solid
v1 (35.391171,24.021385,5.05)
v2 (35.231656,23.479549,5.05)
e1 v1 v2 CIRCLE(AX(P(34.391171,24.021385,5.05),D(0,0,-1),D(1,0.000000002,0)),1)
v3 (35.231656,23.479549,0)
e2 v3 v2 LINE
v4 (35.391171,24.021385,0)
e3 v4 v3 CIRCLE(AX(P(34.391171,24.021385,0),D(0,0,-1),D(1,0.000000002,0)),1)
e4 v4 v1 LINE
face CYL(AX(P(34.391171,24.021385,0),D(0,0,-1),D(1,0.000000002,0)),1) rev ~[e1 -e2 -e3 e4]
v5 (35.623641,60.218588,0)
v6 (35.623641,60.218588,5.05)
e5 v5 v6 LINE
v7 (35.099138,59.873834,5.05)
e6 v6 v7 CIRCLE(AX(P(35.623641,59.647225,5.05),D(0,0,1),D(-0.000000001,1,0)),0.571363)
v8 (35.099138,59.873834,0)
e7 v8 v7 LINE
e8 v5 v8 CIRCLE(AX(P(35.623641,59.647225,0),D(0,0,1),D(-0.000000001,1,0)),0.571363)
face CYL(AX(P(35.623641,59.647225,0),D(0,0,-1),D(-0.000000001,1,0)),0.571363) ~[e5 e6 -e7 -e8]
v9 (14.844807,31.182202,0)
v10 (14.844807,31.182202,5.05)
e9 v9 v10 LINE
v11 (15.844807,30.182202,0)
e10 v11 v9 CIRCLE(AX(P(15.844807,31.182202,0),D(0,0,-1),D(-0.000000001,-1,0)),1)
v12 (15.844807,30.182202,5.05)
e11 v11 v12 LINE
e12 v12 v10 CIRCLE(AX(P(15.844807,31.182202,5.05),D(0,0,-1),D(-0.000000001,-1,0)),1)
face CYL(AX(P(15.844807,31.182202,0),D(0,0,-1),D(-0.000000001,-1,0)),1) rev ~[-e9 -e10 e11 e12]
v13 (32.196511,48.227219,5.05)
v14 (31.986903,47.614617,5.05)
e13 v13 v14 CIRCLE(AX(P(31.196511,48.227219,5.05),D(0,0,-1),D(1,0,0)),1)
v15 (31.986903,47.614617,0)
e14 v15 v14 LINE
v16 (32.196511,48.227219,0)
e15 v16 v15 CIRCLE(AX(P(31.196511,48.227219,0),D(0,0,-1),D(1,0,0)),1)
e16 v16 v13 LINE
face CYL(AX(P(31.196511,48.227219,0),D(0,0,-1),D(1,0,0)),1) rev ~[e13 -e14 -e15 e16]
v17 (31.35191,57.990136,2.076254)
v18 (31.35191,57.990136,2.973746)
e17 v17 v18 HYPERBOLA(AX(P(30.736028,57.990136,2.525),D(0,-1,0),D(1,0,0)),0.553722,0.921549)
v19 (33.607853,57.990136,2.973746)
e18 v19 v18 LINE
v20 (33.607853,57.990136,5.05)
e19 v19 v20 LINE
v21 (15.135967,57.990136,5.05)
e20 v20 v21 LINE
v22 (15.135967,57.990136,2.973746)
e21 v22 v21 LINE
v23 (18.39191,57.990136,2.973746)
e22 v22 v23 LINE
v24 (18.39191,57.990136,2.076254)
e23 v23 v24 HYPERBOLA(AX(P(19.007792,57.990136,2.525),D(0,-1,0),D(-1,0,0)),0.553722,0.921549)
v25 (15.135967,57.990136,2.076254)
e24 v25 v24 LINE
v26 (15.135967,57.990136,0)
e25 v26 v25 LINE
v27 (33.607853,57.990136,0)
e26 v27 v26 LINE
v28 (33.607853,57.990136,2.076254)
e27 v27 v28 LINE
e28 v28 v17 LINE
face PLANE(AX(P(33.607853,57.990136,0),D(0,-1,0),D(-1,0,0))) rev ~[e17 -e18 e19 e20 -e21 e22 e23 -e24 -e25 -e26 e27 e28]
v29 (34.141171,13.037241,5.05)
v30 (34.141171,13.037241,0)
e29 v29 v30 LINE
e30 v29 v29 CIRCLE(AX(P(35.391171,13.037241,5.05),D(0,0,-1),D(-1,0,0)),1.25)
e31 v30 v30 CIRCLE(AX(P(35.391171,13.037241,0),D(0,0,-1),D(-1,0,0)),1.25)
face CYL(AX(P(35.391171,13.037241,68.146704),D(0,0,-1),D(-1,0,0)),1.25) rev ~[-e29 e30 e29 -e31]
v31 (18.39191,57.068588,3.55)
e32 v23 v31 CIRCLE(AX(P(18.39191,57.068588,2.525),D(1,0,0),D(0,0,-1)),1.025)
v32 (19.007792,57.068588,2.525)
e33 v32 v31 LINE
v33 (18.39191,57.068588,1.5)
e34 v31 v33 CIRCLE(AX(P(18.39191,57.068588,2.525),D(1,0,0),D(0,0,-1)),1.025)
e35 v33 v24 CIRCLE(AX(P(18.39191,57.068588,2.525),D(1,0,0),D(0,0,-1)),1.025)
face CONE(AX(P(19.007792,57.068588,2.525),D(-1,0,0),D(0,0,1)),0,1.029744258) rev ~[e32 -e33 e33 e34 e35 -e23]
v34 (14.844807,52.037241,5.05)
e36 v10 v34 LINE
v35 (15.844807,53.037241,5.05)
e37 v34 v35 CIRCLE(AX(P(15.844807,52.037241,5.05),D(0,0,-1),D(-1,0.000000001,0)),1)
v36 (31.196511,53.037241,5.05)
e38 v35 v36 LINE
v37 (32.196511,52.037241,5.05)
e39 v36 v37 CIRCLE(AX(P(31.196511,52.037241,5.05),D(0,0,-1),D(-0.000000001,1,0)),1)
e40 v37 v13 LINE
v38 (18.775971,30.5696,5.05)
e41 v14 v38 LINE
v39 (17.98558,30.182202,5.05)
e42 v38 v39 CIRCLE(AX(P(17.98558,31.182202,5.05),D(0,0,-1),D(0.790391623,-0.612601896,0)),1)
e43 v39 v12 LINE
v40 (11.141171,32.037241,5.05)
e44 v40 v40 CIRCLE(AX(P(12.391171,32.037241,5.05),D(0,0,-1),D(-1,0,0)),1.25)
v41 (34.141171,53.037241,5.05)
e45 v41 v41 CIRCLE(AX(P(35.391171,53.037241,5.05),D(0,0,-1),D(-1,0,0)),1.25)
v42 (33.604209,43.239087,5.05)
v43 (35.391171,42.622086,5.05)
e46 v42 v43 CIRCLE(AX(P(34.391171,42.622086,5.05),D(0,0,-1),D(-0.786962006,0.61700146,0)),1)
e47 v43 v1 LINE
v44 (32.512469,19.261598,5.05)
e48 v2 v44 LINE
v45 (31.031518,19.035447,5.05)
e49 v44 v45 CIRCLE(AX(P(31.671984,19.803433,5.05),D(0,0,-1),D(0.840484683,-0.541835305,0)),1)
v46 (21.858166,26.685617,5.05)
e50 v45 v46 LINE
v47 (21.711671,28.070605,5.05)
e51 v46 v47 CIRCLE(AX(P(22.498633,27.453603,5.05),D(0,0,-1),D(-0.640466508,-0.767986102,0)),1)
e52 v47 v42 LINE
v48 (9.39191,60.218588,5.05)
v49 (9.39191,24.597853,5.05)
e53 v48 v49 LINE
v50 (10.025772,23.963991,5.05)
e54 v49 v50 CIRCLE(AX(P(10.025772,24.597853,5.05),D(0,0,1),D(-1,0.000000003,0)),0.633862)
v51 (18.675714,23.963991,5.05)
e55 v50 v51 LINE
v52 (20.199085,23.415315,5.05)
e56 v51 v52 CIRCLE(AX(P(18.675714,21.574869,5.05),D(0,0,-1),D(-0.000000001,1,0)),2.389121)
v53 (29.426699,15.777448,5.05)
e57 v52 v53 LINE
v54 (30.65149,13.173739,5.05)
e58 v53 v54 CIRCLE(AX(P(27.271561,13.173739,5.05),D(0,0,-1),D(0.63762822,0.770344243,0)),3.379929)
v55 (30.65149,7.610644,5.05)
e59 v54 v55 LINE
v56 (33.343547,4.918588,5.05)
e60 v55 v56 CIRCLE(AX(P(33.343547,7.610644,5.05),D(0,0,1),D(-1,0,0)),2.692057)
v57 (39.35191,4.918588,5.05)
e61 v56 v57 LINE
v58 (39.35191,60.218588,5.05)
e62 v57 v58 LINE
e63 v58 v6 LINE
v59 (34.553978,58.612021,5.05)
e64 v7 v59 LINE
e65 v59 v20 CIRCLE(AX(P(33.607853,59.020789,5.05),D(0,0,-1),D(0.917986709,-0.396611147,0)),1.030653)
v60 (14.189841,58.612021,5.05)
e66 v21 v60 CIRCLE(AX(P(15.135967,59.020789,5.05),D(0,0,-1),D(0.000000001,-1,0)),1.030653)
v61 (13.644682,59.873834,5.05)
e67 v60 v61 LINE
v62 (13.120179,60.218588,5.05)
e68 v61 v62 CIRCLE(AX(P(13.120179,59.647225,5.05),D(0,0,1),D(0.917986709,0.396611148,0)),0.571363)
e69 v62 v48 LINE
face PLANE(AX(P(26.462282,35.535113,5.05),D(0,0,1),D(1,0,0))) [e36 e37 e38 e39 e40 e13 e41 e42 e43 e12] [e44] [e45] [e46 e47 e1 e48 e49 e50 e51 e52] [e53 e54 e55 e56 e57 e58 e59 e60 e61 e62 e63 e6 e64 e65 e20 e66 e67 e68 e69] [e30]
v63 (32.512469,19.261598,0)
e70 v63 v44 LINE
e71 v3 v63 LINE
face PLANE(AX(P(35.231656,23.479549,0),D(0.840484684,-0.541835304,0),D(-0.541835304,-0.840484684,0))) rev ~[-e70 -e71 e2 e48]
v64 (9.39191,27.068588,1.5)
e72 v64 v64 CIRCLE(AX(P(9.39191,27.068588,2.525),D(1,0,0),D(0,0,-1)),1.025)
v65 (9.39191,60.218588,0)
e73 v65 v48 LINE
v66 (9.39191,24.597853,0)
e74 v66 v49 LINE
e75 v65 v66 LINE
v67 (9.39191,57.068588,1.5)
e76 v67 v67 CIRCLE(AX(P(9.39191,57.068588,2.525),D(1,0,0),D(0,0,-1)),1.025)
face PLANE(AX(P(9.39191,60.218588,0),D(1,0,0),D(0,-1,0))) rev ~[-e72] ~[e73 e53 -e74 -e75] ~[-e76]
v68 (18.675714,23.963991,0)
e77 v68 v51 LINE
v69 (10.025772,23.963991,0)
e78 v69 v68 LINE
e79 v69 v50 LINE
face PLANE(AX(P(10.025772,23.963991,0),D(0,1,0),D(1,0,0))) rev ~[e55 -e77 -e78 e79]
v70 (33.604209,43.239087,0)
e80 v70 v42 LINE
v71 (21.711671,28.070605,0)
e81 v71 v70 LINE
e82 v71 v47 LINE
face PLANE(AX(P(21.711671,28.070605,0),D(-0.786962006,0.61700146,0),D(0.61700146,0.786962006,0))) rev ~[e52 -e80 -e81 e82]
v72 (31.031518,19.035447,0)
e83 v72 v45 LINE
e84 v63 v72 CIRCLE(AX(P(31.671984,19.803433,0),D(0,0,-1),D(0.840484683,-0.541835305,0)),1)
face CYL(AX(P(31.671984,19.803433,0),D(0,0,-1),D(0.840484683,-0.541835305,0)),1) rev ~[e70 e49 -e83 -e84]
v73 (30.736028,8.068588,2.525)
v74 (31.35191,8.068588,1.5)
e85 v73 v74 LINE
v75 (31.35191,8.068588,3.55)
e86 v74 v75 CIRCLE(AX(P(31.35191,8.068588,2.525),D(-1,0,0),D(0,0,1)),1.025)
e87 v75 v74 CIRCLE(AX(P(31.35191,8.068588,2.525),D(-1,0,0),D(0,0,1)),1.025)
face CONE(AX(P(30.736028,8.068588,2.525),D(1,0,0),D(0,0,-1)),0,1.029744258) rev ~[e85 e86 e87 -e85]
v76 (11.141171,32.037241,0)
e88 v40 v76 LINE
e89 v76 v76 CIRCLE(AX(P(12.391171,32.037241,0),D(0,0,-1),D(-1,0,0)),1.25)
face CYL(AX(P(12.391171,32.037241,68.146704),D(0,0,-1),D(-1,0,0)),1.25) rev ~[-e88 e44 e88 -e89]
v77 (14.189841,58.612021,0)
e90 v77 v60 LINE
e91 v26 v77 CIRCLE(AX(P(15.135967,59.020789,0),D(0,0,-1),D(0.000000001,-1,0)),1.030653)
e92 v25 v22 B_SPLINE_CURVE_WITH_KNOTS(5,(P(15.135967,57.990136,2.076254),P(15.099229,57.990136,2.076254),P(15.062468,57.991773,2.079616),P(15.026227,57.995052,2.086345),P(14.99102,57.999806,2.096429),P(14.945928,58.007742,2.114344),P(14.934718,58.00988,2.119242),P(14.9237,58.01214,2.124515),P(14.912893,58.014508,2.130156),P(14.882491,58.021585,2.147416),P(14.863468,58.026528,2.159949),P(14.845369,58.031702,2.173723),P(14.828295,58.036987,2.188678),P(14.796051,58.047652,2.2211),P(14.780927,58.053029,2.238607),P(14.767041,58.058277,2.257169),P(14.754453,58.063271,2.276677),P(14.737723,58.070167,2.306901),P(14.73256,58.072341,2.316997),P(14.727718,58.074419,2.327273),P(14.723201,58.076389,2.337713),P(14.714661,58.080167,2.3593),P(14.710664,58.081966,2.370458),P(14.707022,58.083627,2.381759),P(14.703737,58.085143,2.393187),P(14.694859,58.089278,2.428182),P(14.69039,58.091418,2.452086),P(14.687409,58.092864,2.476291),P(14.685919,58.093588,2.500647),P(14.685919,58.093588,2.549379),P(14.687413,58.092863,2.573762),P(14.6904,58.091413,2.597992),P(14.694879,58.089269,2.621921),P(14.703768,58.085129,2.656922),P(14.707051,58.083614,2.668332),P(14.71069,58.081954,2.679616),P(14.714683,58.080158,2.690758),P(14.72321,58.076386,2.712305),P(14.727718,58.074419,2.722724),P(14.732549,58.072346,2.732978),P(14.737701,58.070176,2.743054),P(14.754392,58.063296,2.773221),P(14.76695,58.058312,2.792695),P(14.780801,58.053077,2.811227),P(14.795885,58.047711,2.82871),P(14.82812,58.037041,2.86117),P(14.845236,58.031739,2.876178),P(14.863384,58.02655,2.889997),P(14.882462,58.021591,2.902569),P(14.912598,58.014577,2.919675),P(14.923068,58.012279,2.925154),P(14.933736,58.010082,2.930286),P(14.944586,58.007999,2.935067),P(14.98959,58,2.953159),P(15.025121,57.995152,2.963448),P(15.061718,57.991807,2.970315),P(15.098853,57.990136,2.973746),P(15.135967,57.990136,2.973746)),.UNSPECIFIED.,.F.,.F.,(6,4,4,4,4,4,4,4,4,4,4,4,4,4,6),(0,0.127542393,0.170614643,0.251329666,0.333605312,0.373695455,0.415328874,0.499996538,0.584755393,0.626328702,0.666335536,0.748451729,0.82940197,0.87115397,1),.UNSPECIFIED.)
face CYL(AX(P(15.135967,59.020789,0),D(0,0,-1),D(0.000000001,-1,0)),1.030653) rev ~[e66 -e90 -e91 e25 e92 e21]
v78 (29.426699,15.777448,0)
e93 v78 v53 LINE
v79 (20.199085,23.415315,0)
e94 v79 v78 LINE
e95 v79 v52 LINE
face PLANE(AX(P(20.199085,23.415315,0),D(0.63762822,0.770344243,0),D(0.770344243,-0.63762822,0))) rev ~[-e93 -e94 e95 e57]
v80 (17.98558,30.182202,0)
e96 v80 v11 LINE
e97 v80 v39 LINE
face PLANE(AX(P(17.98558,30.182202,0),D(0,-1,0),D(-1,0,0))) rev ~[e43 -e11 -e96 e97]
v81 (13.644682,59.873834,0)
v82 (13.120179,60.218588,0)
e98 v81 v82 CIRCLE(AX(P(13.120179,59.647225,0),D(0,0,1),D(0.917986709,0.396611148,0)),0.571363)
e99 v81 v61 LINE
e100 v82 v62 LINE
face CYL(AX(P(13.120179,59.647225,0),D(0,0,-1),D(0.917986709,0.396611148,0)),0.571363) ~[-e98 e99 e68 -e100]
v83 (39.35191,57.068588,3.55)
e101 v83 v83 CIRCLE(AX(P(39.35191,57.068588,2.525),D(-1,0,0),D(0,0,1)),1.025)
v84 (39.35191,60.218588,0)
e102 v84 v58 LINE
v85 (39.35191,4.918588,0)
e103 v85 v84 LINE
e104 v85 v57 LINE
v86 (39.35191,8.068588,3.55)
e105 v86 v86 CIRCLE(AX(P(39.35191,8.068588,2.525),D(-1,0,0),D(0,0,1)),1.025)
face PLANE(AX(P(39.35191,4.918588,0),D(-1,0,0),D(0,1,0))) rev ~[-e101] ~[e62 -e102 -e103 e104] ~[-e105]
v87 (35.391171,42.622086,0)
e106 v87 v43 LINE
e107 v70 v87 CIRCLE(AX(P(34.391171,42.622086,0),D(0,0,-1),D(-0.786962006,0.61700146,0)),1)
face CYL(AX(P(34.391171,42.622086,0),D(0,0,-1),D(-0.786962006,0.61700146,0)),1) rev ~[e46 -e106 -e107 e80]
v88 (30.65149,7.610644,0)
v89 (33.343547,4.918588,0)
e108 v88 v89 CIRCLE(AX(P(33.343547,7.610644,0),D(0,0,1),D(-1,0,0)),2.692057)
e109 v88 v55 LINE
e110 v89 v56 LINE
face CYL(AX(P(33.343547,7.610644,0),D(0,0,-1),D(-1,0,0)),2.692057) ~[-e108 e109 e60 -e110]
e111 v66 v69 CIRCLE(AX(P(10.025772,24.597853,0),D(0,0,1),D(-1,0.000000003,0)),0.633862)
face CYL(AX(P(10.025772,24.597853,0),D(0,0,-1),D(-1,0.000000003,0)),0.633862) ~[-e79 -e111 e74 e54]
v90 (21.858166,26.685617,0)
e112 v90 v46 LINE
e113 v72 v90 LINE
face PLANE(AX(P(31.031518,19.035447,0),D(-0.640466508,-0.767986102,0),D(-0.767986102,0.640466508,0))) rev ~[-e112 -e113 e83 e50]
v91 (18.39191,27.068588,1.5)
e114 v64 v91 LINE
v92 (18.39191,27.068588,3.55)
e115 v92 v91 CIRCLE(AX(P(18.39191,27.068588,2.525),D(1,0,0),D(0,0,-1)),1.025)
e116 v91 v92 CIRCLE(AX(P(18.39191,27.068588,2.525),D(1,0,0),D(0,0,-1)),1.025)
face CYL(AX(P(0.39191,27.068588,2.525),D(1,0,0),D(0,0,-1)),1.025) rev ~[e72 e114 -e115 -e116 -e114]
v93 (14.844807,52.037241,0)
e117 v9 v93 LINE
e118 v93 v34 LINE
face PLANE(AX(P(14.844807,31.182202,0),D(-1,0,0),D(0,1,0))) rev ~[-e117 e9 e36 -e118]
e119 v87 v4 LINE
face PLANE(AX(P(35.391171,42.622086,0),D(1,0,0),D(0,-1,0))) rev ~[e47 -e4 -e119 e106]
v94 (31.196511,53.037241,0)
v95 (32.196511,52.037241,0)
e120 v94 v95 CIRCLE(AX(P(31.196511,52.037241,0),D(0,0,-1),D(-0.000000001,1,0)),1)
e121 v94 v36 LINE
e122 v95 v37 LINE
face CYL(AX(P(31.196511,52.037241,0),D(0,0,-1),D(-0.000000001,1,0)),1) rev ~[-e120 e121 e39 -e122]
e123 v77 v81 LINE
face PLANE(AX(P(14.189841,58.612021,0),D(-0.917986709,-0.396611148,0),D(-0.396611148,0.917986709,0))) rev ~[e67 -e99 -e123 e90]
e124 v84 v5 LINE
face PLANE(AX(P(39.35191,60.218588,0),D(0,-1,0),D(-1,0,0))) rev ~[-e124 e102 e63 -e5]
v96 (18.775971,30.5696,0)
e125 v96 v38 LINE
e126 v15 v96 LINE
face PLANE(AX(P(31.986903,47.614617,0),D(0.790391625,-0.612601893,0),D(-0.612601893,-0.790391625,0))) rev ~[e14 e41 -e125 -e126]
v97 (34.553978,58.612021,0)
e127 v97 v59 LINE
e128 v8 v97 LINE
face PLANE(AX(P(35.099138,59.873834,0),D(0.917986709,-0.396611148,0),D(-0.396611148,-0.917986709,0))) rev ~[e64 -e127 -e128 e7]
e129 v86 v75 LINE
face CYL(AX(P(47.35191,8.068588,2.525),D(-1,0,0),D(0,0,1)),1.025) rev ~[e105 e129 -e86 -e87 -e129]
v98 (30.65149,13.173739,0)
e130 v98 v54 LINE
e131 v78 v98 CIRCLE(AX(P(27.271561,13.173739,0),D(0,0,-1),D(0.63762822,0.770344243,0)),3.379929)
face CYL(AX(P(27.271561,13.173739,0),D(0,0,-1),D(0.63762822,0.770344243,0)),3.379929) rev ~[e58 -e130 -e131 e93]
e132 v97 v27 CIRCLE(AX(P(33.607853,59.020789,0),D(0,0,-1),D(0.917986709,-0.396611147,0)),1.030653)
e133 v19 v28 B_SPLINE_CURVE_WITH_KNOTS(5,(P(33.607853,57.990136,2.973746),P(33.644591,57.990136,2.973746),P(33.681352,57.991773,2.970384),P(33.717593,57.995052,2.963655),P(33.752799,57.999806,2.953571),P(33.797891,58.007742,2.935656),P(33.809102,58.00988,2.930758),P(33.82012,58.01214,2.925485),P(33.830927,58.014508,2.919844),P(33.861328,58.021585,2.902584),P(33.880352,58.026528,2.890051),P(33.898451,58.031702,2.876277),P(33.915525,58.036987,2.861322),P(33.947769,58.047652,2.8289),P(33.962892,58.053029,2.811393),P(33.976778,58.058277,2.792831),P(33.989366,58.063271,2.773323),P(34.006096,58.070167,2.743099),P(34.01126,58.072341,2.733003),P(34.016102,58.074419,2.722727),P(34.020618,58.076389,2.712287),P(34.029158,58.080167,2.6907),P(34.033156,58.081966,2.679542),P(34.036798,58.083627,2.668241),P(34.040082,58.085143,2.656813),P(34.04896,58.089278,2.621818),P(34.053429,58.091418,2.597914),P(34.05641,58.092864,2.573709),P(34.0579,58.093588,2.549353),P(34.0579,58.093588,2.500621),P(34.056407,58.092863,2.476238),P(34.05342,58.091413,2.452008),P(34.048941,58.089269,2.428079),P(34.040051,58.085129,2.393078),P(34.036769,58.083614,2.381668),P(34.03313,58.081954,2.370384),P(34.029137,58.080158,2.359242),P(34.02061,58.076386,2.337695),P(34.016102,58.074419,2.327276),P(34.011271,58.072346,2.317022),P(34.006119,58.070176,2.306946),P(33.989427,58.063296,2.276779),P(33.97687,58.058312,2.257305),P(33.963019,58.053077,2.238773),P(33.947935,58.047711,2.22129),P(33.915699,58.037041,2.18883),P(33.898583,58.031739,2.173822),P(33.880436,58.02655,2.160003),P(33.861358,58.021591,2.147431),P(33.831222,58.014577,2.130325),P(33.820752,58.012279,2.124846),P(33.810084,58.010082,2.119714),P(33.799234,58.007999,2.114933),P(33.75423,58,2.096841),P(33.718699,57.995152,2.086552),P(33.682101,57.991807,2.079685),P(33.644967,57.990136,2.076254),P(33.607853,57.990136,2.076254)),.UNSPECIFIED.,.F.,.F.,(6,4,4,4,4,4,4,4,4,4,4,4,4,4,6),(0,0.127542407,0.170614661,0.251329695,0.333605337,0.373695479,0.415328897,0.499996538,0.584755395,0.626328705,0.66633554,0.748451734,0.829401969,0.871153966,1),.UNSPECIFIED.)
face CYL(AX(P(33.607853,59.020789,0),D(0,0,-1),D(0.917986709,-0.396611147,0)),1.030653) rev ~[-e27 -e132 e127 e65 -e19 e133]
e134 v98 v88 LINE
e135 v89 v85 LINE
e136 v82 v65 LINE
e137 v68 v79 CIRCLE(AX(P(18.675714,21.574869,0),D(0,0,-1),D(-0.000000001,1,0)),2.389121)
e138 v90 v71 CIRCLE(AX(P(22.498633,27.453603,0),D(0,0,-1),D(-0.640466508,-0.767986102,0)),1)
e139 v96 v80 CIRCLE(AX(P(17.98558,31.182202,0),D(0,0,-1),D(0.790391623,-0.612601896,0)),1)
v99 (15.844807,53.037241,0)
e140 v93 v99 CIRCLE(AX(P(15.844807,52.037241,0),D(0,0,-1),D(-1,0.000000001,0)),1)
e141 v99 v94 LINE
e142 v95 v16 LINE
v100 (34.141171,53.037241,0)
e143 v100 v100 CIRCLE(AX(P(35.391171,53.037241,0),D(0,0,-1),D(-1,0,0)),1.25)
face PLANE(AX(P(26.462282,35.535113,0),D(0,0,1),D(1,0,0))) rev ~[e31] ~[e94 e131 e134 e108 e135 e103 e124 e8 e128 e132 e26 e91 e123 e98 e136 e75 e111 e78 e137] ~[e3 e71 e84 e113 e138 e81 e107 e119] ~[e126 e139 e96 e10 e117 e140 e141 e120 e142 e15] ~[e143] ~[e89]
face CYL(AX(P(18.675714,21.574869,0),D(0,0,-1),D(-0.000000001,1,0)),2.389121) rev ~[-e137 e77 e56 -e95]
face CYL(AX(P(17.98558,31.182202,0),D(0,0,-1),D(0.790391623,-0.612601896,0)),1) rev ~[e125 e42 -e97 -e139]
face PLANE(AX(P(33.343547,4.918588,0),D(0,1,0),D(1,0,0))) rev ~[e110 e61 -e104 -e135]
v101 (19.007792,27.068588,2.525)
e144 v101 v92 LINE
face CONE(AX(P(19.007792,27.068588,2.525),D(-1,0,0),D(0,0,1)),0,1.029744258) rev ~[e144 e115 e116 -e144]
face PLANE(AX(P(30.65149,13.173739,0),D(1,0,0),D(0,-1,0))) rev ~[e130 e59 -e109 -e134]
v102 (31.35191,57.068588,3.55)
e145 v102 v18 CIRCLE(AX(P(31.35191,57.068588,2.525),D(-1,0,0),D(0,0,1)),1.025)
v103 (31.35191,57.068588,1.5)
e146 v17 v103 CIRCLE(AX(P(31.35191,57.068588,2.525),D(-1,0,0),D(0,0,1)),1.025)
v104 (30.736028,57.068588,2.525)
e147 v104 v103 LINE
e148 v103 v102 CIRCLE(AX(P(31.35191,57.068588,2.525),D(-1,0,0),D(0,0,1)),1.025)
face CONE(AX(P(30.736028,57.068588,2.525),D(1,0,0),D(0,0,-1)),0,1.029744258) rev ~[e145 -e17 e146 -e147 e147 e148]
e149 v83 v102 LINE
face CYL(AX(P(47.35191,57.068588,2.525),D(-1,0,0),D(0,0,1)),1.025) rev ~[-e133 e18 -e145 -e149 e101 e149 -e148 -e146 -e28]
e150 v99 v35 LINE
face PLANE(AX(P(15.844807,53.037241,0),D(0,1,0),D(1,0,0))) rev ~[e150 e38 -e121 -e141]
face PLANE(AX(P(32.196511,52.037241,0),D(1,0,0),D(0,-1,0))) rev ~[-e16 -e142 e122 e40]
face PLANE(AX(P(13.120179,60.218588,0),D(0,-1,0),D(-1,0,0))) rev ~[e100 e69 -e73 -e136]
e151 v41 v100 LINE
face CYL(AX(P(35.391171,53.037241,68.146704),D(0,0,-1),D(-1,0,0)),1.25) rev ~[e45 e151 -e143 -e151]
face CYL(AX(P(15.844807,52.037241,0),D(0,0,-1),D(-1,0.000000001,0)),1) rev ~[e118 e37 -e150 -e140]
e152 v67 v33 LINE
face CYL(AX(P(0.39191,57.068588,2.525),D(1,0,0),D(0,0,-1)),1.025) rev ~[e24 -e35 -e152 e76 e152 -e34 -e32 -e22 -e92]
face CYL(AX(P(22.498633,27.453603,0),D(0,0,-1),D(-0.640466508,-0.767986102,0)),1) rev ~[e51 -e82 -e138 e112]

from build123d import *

# Parameters (mm, degrees)
ESTRUSIONE_ESTRUSIONE1_DEPTH     = 5.05
FORO_FILETTATO_M3X0_5_1_D        = 2.5
FORO_FILETTATO_M2_5X0_45_1_D     = 2.05
FORO_FILETTATO_M2_5X0_45_1_DEPTH = 8
FORO_FILETTATO_M2_5X0_45_1_TIP   = 0.615882135
FORO_FILETTATO_M2_5X0_45_2_D     = 2.05
FORO_FILETTATO_M2_5X0_45_2_DEPTH = 9
FORO_FILETTATO_M2_5X0_45_2_TIP   = 0.615882135


with BuildPart() as part:
    # Schizzo1 → Estrusione-Estrusione1 (new body)
    with BuildSketch(Plane.XY):
        with BuildLine():
            Line((33.607852656, 57.990136231), (15.135967017, 57.990136231))
            ThreePointArc((15.135967017, 57.990136231), (14.569863255, 58.159527321), (14.189841424, 58.612020655))
            Line((14.189841424, 58.612020655), (13.644681905, 59.873833883))
            ThreePointArc((13.644681905, 59.873833883), (13.434009359, 60.124682426), (13.12017865, 60.218587695))
            Line((13.12017865, 60.218587695), (9.391909837, 60.218587695))
            Line((9.391909837, 60.218587695), (9.391909837, 24.597853141))
            ThreePointArc((9.391909837, 24.597853141), (9.577563808, 24.149644804), (10.025772145, 23.963990832))
            Line((10.025772145, 23.963990832), (18.675714063, 23.963990832))
            ThreePointArc((18.675714063, 23.963990832), (19.485298036, 23.822640523), (20.199085336, 23.415315332))
            Line((20.199085336, 23.415315332), (29.426699127, 15.777448227))
            ThreePointArc((29.426699127, 15.777448227), (30.330003033, 14.612437653), (30.65149016, 13.173739071))
            Line((30.65149016, 13.173739071), (30.65149016, 7.610644322))
            ThreePointArc((30.65149016, 7.610644322), (31.43997529, 5.707072826), (33.343546787, 4.918587695))
            Line((33.343546787, 4.918587695), (39.351909837, 4.918587695))
            Line((39.351909837, 4.918587695), (39.351909837, 60.218587695))
            Line((39.351909837, 60.218587695), (35.623641023, 60.218587695))
            ThreePointArc((35.623641023, 60.218587695), (35.309810314, 60.124682426), (35.099137768, 59.873833883))
            Line((35.099137768, 59.873833883), (34.553978249, 58.612020655))
            ThreePointArc((34.553978249, 58.612020655), (34.173956418, 58.159527321), (33.607852656, 57.990136231))
        make_face()
        with BuildLine():
            Line((31.031517622, 19.035447222), (21.858166203, 26.68561737))
            ThreePointArc((21.858166203, 26.68561737), (21.50418026, 27.348416385), (21.711670705, 28.070604932))
            Line((21.711670705, 28.070604932), (33.604209018, 43.239087362))
            ThreePointArc((33.604209018, 43.239087362), (34.717543506, 43.567327143), (35.391171024, 42.622085902))
            Line((35.391171024, 42.622085902), (35.391171024, 24.021384648))
            ThreePointArc((35.391171024, 24.021384648), (35.35046365, 23.738970664), (35.231655708, 23.479549344))
            Line((35.231655708, 23.479549344), (32.512468814, 19.26159802))
            ThreePointArc((32.512468814, 19.26159802), (31.822940625, 18.814892917), (31.031517622, 19.035447222))
        make_face(mode=Mode.SUBTRACT)
        with BuildLine():
            Line((15.844806521, 53.037240639), (31.196511098, 53.037240639))
            ThreePointArc((31.196511098, 53.037240639), (31.90361788, 52.74434742), (32.196511098, 52.037240639))
            Line((32.196511098, 52.037240639), (32.196511098, 48.227218639))
            ThreePointArc((32.196511098, 48.227218639), (32.142658979, 47.90348389), (31.986902723, 47.614616745))
            Line((31.986902723, 47.614616745), (18.775971342, 30.569600026))
            ThreePointArc((18.775971342, 30.569600026), (18.425692263, 30.284259301), (17.985579717, 30.182201919))
            Line((17.985579717, 30.182201919), (15.844806521, 30.182201919))
            ThreePointArc((15.844806521, 30.182201919), (15.13769974, 30.475095138), (14.844806521, 31.182201919))
            Line((14.844806521, 31.182201919), (14.844806521, 52.037240639))
            ThreePointArc((14.844806521, 52.037240639), (15.13769974, 52.74434742), (15.844806521, 53.037240639))
        make_face(mode=Mode.SUBTRACT)
    extrude(amount=ESTRUSIONE_ESTRUSIONE1_DEPTH)

    # Foro filettato M3x0.5-1 (through all)
    with Locations(Plane.XY.offset(5.05)):
        with Locations((35.391171024, 53.037240639), (12.391171024, 32.037240639), (35.391171024, 13.037240639)):
            Hole(FORO_FILETTATO_M3X0_5_1_D / 2)

    # Foro filettato M2.5x0.45-1
    with Locations(Plane(origin=(39.351909837, 0, 0), x_dir=(0, 0, -1), z_dir=(1, 0, 0))):
        with Locations((-2.525, 57.068587695), (-2.525, 8.068587695)):
            Hole(FORO_FILETTATO_M2_5X0_45_1_D / 2, depth=FORO_FILETTATO_M2_5X0_45_1_DEPTH)
            with Locations((0, 0, -(FORO_FILETTATO_M2_5X0_45_1_DEPTH + FORO_FILETTATO_M2_5X0_45_1_TIP / 2))):  # 118° drill point
                Cone(0, FORO_FILETTATO_M2_5X0_45_1_D / 2, FORO_FILETTATO_M2_5X0_45_1_TIP, mode=Mode.SUBTRACT)

    # Foro filettato M2.5x0.45-2
    with Locations(Plane.ZY.offset(-9.391909837)):
        with Locations((2.525, 57.068587695), (2.525, 27.068587695)):
            Hole(FORO_FILETTATO_M2_5X0_45_2_D / 2, depth=FORO_FILETTATO_M2_5X0_45_2_DEPTH)
            with Locations((0, 0, -(FORO_FILETTATO_M2_5X0_45_2_DEPTH + FORO_FILETTATO_M2_5X0_45_2_TIP / 2))):  # 118° drill point
                Cone(0, FORO_FILETTATO_M2_5X0_45_2_D / 2, FORO_FILETTATO_M2_5X0_45_2_TIP, mode=Mode.SUBTRACT)


solid = part.part
